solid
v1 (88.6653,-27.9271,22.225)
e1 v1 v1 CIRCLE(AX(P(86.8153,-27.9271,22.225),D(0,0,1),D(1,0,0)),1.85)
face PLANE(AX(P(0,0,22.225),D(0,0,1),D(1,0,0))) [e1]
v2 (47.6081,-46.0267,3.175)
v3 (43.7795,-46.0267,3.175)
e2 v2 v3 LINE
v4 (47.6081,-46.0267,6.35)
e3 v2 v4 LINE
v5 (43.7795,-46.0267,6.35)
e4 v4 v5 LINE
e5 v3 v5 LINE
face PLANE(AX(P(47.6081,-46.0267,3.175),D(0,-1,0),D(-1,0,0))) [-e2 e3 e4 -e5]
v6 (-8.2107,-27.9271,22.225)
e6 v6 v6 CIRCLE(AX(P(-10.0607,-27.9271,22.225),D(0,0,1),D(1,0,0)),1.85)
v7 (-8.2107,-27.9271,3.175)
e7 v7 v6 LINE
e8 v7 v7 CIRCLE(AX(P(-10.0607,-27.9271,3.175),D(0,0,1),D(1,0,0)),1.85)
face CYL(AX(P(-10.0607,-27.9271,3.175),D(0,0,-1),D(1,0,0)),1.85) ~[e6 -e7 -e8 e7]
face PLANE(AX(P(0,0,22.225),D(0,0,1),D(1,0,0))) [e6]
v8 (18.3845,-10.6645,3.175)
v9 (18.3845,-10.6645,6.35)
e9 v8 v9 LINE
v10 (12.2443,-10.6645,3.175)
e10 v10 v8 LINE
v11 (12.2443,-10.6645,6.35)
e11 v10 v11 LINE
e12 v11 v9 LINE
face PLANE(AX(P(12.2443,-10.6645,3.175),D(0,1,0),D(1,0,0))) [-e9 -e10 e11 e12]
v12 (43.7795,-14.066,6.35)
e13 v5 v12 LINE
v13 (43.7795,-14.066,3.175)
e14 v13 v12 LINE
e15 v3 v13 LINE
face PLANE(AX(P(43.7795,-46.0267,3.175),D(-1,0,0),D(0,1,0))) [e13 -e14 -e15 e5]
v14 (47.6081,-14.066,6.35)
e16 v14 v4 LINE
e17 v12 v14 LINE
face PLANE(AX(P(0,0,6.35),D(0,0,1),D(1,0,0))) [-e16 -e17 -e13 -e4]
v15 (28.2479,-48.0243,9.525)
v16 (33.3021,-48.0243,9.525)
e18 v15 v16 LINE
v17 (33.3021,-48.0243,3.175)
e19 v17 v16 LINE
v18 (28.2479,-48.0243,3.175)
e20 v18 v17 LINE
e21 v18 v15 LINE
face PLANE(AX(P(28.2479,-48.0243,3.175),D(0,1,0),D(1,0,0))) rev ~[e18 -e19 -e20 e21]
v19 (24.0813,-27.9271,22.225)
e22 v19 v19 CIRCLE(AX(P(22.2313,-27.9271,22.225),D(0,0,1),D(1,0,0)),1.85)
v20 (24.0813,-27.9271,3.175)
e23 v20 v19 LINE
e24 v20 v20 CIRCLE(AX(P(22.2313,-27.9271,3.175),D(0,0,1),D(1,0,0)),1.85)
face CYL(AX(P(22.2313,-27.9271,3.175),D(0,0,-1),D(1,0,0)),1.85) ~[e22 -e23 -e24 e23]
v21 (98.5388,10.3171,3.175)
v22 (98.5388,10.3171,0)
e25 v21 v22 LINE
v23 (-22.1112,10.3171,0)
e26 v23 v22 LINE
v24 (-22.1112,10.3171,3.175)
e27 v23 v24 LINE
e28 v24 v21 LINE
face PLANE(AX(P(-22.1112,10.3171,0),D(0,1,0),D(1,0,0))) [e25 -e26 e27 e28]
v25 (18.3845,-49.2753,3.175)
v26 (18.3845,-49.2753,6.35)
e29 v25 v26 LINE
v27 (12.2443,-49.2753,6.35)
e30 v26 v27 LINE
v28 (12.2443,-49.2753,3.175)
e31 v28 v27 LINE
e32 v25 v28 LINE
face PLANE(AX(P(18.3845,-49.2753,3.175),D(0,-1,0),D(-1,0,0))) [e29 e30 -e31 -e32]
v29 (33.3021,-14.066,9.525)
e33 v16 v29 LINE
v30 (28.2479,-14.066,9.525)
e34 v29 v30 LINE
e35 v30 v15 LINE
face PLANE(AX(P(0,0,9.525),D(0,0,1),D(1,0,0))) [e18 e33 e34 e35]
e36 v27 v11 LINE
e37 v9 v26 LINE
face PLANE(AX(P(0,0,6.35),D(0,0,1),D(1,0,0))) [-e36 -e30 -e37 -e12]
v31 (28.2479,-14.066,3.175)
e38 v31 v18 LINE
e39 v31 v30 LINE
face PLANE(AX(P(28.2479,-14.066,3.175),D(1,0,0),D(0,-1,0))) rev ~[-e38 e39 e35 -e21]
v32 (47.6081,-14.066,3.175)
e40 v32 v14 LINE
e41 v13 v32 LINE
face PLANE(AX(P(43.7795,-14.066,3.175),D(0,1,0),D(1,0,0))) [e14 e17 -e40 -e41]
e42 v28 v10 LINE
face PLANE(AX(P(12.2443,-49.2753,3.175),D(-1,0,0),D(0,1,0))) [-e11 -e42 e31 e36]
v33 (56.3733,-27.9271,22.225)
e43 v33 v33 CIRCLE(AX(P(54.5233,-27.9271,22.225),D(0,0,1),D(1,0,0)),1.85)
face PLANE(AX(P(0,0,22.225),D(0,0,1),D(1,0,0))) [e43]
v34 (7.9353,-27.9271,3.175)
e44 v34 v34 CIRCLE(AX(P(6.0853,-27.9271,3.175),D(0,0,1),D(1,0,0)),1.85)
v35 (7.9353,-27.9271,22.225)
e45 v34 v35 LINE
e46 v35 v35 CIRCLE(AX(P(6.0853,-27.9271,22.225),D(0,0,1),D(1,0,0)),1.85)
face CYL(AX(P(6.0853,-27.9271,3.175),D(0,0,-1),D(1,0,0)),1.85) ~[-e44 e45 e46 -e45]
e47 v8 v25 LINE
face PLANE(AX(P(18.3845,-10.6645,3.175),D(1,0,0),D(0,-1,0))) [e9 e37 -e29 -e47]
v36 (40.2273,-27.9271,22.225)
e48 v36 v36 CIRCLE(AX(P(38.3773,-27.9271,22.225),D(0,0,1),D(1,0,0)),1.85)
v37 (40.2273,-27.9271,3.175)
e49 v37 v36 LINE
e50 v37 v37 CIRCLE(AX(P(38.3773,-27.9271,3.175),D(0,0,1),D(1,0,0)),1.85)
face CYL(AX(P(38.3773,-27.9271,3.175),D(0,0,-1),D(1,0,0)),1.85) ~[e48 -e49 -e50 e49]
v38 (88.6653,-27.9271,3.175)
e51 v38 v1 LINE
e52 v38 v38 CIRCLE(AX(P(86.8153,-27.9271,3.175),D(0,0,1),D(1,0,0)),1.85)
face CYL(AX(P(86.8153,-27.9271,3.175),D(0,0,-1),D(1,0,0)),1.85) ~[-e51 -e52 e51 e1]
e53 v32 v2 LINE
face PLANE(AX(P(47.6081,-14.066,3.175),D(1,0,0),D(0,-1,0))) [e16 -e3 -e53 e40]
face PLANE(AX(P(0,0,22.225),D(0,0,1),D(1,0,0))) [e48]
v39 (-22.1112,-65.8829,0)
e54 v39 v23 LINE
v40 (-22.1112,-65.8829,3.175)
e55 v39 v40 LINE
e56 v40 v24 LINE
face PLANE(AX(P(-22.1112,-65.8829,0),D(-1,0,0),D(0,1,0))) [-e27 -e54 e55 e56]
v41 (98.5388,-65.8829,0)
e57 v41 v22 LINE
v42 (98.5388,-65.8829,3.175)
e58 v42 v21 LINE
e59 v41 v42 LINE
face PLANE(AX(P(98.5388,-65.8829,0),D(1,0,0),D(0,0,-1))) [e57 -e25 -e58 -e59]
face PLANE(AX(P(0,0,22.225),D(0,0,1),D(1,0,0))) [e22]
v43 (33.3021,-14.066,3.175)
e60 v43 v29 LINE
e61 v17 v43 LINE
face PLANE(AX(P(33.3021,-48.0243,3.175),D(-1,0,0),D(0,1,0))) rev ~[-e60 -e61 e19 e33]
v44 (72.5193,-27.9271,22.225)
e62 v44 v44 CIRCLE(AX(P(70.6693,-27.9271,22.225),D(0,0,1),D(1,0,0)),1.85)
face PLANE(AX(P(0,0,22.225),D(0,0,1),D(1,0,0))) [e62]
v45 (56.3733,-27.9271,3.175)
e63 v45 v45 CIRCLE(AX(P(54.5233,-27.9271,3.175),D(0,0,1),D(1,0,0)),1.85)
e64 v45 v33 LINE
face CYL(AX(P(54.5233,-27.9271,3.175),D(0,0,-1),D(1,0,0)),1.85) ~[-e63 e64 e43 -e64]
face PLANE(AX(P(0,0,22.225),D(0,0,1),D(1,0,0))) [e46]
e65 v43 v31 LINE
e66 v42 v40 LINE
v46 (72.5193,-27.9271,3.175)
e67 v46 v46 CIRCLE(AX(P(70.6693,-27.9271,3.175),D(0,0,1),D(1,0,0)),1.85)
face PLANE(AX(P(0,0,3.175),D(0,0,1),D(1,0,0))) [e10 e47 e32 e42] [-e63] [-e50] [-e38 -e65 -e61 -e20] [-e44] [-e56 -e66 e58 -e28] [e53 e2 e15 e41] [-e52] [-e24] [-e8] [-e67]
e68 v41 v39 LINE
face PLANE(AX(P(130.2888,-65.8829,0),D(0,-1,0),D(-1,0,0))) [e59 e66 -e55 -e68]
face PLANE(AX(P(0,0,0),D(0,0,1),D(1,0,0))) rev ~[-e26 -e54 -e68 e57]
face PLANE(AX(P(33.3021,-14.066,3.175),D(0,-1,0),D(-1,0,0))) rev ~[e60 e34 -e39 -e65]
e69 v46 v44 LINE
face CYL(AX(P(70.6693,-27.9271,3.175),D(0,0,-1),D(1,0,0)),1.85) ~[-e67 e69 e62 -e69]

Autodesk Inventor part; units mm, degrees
ref_plane "YZ Plane" through (0, 0, 0) normal (1, 0, 0) x (0, 1, 0)
ref_plane "XZ Plane" through (0, 0, 0) normal (0, 1, 0) x (-1, 0, 0)
ref_plane "XY Plane" through (0, 0, 0) normal (0, 0, 1) x (1, 0, 0)
sketch "Sketch1" plane through (0, 0, 0) normal (0, 0, 1) x (1, 0, 0)
  line L0 (-22.1112, 10.3171) -> (130.2888, 10.3171)
  line L1 (130.2888, 10.3171) -> (130.2888, -65.8829)
  line L2 (130.2888, -65.8829) -> (-22.1112, -65.8829)
  line L3 (-22.1112, -65.8829) -> (-22.1112, 10.3171)
  point P0 (0, 0)
  dimension "d0" = 152.4
  dimension "d1" = 76.2
extrude "Extrusion1" add sketch "Sketch1" along normal blind 3.175
sketch "Sketch2" plane through (0, 0, 3.175) normal (0, 0, 1) x (1, 0, 0)
  circle A0 centre (-10.0607, -27.9271) radius 1.85
  circle A1 centre (6.0853, -27.9271) radius 1.85
  circle A2 centre (22.2313, -27.9271) radius 1.85
  circle A3 centre (38.3773, -27.9271) radius 1.85
  circle A4 centre (54.5233, -27.9271) radius 1.85
  circle A5 centre (70.6693, -27.9271) radius 1.85
  circle A6 centre (86.8153, -27.9271) radius 1.85
  point P0 (0, 0)
  dimension "d4" = 3.7
  dimension "d5" = 3.7
  dimension "d6" = 3.7
  dimension "d7" = 12.446
  dimension "d8" = 12.446
  dimension "d9" = 3.7
  dimension "d10" = 12.446
  dimension "d11" = 3.7
  dimension "d12" = 3.7
  dimension "d13" = 3.7
  dimension "d14" = 12.446
  dimension "d15" = 12.446
  dimension "d16" = 12.446
extrude "Extrusion2" add sketch "Sketch2" along normal blind 19.05
sketch "Sketch3" plane through (130.2888, -65.8829, 0) normal (1, 0, 0) x (0, 0, -1)
  line L0 (-11.1509, 83.1688) -> (7.2167, 83.1688)
  line L1 (7.2167, 83.1688) -> (7.2167, -5.5026)
  line L2 (7.2167, -5.5026) -> (-11.1509, -5.5026)
  line L3 (-11.1509, -5.5026) -> (-11.1509, 83.1688)
  point P0 (0, 65.8829)
extrude "Extrusion3" cut sketch "Sketch3" against normal blind 31.75
sketch "Sketch4" plane through (0, 0, 3.175) normal (0, 0, 1) x (1, 0, 0)
  line L0 (43.7795, -14.066) -> (47.6081, -14.066)
  line L1 (47.6081, -14.066) -> (47.6081, -46.0267)
  line L2 (47.6081, -46.0267) -> (43.7795, -46.0267)
  line L3 (43.7795, -46.0267) -> (43.7795, -14.066)
  line L4 (33.3021, -14.066) -> (28.2479, -14.066)
  line L5 (28.2479, -14.066) -> (28.2479, -48.0243)
  line L6 (28.2479, -48.0243) -> (33.3021, -48.0243)
  line L7 (33.3021, -48.0243) -> (33.3021, -14.066)
  line L8 (12.2443, -10.6645) -> (18.3845, -10.6645)
  line L9 (18.3845, -10.6645) -> (18.3845, -49.2753)
  line L10 (18.3845, -49.2753) -> (12.2443, -49.2753)
  line L11 (12.2443, -49.2753) -> (12.2443, -10.6645)
  point P0 (0, 0)
extrude "Extrusion4" [suppressed]
extrude "Extrusion5" [suppressed]
extrude "Extrusion6" add sketch "Sketch4" along normal blind 3.175 contours L0 L1 L2 L3 | L8 L9 L10 L11
extrude "Extrusion7" add sketch "Sketch4" along normal blind 6.35 contours L7 L6 L5 L4
properties part number "gearbasephonecaseFINAL"
